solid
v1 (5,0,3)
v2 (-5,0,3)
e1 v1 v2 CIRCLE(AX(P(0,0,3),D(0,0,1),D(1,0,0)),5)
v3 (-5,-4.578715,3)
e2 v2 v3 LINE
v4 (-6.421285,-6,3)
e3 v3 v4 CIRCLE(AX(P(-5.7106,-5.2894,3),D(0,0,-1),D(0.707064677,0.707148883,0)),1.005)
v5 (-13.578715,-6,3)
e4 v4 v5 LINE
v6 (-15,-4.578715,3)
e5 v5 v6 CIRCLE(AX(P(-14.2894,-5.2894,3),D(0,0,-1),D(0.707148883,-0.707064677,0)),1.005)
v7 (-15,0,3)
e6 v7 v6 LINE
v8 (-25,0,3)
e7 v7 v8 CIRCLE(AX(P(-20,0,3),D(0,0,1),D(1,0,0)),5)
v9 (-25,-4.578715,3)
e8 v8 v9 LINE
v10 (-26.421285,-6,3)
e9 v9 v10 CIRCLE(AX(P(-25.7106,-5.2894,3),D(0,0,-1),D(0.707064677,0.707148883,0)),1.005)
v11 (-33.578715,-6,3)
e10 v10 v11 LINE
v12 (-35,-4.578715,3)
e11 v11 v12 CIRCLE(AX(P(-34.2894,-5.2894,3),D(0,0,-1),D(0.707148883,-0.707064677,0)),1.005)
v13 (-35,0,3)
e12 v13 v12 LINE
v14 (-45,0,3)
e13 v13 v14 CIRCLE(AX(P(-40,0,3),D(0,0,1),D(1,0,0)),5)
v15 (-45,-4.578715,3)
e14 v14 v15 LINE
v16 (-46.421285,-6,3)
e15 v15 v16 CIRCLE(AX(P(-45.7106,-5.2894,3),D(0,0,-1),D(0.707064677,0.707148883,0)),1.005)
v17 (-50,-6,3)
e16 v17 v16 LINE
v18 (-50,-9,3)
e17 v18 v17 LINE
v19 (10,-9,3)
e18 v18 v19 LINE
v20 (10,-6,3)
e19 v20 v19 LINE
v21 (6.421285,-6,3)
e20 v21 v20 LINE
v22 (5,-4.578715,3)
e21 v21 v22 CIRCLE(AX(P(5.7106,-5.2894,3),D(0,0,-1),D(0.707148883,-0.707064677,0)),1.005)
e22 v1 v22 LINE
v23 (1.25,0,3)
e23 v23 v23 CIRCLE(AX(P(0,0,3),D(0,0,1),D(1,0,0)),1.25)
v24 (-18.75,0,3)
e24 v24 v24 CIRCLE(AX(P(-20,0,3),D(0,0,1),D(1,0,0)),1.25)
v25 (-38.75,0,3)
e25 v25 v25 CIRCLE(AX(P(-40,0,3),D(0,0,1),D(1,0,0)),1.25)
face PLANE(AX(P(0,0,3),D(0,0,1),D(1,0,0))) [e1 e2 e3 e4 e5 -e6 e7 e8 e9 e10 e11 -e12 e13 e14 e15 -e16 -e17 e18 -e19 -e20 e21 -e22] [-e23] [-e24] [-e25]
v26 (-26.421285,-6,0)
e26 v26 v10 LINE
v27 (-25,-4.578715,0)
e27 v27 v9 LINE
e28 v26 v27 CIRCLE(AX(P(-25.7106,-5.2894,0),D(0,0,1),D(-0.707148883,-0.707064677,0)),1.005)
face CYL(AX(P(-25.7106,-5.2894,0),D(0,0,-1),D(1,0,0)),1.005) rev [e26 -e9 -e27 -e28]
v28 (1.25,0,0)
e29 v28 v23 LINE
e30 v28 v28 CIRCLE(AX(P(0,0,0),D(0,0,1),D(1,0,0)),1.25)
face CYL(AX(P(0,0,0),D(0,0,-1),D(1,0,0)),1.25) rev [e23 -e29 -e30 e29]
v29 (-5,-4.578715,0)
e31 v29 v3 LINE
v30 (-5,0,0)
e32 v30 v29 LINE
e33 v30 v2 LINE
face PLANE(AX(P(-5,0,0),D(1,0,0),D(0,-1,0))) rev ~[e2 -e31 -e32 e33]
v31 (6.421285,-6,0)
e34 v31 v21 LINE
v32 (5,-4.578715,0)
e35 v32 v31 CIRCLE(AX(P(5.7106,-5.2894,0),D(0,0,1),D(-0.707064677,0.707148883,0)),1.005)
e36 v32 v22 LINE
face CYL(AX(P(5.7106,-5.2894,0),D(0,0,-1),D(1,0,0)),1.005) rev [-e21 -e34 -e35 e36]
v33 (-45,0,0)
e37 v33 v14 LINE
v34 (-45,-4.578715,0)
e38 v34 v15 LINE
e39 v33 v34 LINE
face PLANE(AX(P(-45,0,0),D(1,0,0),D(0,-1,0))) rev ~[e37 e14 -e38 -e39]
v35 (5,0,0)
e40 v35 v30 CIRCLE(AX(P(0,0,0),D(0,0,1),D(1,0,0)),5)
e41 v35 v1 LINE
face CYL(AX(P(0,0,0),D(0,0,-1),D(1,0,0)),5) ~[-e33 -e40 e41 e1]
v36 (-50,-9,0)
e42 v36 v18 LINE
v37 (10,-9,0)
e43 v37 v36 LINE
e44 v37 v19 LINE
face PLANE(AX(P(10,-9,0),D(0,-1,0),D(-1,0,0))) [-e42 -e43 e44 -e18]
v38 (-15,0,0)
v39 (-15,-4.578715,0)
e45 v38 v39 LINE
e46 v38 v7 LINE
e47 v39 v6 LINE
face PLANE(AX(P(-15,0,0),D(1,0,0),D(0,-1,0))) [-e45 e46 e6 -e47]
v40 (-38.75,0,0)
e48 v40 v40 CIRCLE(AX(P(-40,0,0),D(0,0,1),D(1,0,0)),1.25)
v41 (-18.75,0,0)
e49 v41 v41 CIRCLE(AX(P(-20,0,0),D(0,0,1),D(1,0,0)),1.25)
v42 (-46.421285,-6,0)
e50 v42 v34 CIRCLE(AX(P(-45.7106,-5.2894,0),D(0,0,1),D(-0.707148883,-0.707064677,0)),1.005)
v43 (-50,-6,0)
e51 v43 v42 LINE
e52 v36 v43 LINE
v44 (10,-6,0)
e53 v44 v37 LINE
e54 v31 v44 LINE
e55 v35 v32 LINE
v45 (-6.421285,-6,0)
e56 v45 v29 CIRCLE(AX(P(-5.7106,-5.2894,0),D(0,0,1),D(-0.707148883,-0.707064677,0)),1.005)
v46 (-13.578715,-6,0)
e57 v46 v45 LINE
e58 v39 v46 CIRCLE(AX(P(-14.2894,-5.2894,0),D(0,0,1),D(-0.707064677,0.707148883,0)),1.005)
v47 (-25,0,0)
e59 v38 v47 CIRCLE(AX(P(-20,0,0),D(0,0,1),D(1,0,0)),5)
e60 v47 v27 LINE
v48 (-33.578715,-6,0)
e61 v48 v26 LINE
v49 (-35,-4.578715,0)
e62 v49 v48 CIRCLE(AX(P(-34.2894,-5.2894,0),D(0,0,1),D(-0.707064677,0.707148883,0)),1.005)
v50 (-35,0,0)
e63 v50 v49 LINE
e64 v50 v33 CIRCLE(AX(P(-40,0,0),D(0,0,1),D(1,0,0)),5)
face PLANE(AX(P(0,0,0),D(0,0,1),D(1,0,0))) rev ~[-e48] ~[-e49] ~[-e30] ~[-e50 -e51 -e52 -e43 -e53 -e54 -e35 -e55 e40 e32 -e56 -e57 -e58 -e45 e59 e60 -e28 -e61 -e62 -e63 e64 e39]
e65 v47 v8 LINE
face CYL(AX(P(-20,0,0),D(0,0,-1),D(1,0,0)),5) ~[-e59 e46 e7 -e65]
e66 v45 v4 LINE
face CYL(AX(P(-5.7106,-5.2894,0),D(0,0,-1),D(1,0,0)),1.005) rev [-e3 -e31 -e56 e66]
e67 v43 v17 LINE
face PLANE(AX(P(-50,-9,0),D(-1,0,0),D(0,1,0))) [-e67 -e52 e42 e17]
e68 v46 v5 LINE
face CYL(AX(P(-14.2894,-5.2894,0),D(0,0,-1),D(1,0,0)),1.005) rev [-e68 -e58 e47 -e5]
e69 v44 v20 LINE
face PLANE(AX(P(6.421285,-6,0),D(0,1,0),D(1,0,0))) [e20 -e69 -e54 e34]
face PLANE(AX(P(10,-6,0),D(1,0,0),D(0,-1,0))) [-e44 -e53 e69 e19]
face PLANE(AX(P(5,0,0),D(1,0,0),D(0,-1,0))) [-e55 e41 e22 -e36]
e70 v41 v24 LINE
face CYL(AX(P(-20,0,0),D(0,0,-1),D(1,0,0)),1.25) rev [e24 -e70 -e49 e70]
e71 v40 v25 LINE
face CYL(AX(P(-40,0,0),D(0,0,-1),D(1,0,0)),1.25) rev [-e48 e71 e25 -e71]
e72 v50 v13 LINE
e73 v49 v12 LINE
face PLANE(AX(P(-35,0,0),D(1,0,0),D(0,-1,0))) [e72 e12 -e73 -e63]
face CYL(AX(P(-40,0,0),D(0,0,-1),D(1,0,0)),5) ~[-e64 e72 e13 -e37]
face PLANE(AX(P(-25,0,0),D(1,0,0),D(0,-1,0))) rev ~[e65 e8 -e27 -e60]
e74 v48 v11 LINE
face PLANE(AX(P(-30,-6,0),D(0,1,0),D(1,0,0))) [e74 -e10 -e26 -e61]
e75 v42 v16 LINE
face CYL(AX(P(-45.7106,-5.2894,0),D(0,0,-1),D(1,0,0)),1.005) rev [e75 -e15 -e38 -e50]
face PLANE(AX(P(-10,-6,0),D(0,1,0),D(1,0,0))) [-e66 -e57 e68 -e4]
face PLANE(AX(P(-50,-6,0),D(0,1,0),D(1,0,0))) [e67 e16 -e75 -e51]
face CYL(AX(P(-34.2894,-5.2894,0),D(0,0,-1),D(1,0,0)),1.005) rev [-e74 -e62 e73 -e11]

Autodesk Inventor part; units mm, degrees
ref_plane "YZ Plane" through (0, 0, 0) normal (1, 0, 0) x (0, 1, 0)
ref_plane "XZ Plane" through (0, 0, 0) normal (0, 1, 0) x (-1, 0, 0)
ref_plane "XY Plane" through (0, 0, 0) normal (0, 0, 1) x (1, 0, 0)
sketch "スケッチ1" plane through (0, 0, 0) normal (0, 0, 1) x (1, 0, 0)
  circle A0 centre (0, 0) radius 1.25
  circle A1 centre (0, 0) radius 5
  line L0 (-10, -6) -> (10, -6)
  line L1 (10, -6) -> (10, -9)
  line L2 (10, -9) -> (-10, -9)
  line L3 (-10, -9) -> (-10, -6)
  line L4 (-5, 0) -> (-5, -6)
  line L5 (5, 0) -> (5, -6)
  circle A2 centre (-5.7106, -5.2894) radius 1.005
  circle A3 centre (5.7106, -5.2894) radius 1.005
  line L6 (-5.7106, -5.2894) -> (-5, -6)
  line L7 (5.7106, -5.2894) -> (5, -6)
  line L8 (-25, 0) -> (-25, -6)
  line L9 (-30, -6) -> (-10, -6)
  line L10 (-10, -9) -> (-30, -9)
  circle A4 centre (-20, 0) radius 5
  line L11 (-14.2894, -5.2894) -> (-15, -6)
  circle A5 centre (-14.2894, -5.2894) radius 1.005
  line L12 (-15, 0) -> (-15, -6)
  line L13 (-10, -6) -> (-10, -9)
  circle A6 centre (-20, 0) radius 1.25
  line L14 (-25.7106, -5.2894) -> (-25, -6)
  circle A7 centre (-25.7106, -5.2894) radius 1.005
  line L15 (-30, -9) -> (-30, -6)
  line L16 (-45, 0) -> (-45, -6)
  line L17 (-50, -6) -> (-30, -6)
  line L18 (-30, -9) -> (-50, -9)
  circle A8 centre (-40, 0) radius 5
  line L19 (-34.2894, -5.2894) -> (-35, -6)
  circle A9 centre (-34.2894, -5.2894) radius 1.005
  line L20 (-35, 0) -> (-35, -6)
  line L21 (-30, -6) -> (-30, -9)
  circle A10 centre (-40, 0) radius 1.25
  line L22 (-45.7106, -5.2894) -> (-45, -6)
  circle A11 centre (-45.7106, -5.2894) radius 1.005
  line L23 (-50, -9) -> (-50, -6)
  point P0 (6.4213, -6)
  point P1 (5, -4.5787)
  point P2 (-5, -4.5787)
  point P3 (-6.4213, -6)
  point P4 (-45, -4.5787)
  point P5 (-46.4213, -6)
  point P6 (6.4213, -6)
  point P7 (5, -4.5787)
  point P8 (-5, -4.5787)
  point P9 (-6.4213, -6)
  point P10 (-13.5787, -6)
  point P11 (-15, -4.5787)
  point P12 (-25, -4.5787)
  point P13 (-26.4213, -6)
  point P14 (-33.5787, -6)
  point P15 (-35, -4.5787)
  dimension "d7" = 2.01
  dimension "d8" = 2.01
  dimension "d0" = 2.5
  dimension "d1" = 10
  dimension "d2" = 3
  dimension "d3" = 20
  dimension "d4" = 6
  dimension "d5" = 5
  dimension "d6" = 6
  dimension "d9" = 45
  dimension "d10" = 45
  dimension "d13" = 20
extrude "押し出し1" add sketch "スケッチ1" along normal blind 3 contours A1 | L5 A3 L0 A2 L4 A1 | A3 L0 L1 L2 L3 A2 | L3 L10 L15 L9 A7 A5 | L18 L23 L17 A11 A9 L15 | L9 A7 L8 A4 L12 A5 | A4 | L17 A11 L16 A8 L20 A9 | A8
thread "ねじ1" size "M3x0.5" class "6H" standard "ANSI Metric M Profile" full length
thread "ねじ2" size "M3x0.5" class "6H" standard "ANSI Metric M Profile" full length
thread "ねじ3" size "M3x0.5" class "6H" standard "ANSI Metric M Profile" full length
properties part number "T字金具M3long" material "アルミニウム 7075"
